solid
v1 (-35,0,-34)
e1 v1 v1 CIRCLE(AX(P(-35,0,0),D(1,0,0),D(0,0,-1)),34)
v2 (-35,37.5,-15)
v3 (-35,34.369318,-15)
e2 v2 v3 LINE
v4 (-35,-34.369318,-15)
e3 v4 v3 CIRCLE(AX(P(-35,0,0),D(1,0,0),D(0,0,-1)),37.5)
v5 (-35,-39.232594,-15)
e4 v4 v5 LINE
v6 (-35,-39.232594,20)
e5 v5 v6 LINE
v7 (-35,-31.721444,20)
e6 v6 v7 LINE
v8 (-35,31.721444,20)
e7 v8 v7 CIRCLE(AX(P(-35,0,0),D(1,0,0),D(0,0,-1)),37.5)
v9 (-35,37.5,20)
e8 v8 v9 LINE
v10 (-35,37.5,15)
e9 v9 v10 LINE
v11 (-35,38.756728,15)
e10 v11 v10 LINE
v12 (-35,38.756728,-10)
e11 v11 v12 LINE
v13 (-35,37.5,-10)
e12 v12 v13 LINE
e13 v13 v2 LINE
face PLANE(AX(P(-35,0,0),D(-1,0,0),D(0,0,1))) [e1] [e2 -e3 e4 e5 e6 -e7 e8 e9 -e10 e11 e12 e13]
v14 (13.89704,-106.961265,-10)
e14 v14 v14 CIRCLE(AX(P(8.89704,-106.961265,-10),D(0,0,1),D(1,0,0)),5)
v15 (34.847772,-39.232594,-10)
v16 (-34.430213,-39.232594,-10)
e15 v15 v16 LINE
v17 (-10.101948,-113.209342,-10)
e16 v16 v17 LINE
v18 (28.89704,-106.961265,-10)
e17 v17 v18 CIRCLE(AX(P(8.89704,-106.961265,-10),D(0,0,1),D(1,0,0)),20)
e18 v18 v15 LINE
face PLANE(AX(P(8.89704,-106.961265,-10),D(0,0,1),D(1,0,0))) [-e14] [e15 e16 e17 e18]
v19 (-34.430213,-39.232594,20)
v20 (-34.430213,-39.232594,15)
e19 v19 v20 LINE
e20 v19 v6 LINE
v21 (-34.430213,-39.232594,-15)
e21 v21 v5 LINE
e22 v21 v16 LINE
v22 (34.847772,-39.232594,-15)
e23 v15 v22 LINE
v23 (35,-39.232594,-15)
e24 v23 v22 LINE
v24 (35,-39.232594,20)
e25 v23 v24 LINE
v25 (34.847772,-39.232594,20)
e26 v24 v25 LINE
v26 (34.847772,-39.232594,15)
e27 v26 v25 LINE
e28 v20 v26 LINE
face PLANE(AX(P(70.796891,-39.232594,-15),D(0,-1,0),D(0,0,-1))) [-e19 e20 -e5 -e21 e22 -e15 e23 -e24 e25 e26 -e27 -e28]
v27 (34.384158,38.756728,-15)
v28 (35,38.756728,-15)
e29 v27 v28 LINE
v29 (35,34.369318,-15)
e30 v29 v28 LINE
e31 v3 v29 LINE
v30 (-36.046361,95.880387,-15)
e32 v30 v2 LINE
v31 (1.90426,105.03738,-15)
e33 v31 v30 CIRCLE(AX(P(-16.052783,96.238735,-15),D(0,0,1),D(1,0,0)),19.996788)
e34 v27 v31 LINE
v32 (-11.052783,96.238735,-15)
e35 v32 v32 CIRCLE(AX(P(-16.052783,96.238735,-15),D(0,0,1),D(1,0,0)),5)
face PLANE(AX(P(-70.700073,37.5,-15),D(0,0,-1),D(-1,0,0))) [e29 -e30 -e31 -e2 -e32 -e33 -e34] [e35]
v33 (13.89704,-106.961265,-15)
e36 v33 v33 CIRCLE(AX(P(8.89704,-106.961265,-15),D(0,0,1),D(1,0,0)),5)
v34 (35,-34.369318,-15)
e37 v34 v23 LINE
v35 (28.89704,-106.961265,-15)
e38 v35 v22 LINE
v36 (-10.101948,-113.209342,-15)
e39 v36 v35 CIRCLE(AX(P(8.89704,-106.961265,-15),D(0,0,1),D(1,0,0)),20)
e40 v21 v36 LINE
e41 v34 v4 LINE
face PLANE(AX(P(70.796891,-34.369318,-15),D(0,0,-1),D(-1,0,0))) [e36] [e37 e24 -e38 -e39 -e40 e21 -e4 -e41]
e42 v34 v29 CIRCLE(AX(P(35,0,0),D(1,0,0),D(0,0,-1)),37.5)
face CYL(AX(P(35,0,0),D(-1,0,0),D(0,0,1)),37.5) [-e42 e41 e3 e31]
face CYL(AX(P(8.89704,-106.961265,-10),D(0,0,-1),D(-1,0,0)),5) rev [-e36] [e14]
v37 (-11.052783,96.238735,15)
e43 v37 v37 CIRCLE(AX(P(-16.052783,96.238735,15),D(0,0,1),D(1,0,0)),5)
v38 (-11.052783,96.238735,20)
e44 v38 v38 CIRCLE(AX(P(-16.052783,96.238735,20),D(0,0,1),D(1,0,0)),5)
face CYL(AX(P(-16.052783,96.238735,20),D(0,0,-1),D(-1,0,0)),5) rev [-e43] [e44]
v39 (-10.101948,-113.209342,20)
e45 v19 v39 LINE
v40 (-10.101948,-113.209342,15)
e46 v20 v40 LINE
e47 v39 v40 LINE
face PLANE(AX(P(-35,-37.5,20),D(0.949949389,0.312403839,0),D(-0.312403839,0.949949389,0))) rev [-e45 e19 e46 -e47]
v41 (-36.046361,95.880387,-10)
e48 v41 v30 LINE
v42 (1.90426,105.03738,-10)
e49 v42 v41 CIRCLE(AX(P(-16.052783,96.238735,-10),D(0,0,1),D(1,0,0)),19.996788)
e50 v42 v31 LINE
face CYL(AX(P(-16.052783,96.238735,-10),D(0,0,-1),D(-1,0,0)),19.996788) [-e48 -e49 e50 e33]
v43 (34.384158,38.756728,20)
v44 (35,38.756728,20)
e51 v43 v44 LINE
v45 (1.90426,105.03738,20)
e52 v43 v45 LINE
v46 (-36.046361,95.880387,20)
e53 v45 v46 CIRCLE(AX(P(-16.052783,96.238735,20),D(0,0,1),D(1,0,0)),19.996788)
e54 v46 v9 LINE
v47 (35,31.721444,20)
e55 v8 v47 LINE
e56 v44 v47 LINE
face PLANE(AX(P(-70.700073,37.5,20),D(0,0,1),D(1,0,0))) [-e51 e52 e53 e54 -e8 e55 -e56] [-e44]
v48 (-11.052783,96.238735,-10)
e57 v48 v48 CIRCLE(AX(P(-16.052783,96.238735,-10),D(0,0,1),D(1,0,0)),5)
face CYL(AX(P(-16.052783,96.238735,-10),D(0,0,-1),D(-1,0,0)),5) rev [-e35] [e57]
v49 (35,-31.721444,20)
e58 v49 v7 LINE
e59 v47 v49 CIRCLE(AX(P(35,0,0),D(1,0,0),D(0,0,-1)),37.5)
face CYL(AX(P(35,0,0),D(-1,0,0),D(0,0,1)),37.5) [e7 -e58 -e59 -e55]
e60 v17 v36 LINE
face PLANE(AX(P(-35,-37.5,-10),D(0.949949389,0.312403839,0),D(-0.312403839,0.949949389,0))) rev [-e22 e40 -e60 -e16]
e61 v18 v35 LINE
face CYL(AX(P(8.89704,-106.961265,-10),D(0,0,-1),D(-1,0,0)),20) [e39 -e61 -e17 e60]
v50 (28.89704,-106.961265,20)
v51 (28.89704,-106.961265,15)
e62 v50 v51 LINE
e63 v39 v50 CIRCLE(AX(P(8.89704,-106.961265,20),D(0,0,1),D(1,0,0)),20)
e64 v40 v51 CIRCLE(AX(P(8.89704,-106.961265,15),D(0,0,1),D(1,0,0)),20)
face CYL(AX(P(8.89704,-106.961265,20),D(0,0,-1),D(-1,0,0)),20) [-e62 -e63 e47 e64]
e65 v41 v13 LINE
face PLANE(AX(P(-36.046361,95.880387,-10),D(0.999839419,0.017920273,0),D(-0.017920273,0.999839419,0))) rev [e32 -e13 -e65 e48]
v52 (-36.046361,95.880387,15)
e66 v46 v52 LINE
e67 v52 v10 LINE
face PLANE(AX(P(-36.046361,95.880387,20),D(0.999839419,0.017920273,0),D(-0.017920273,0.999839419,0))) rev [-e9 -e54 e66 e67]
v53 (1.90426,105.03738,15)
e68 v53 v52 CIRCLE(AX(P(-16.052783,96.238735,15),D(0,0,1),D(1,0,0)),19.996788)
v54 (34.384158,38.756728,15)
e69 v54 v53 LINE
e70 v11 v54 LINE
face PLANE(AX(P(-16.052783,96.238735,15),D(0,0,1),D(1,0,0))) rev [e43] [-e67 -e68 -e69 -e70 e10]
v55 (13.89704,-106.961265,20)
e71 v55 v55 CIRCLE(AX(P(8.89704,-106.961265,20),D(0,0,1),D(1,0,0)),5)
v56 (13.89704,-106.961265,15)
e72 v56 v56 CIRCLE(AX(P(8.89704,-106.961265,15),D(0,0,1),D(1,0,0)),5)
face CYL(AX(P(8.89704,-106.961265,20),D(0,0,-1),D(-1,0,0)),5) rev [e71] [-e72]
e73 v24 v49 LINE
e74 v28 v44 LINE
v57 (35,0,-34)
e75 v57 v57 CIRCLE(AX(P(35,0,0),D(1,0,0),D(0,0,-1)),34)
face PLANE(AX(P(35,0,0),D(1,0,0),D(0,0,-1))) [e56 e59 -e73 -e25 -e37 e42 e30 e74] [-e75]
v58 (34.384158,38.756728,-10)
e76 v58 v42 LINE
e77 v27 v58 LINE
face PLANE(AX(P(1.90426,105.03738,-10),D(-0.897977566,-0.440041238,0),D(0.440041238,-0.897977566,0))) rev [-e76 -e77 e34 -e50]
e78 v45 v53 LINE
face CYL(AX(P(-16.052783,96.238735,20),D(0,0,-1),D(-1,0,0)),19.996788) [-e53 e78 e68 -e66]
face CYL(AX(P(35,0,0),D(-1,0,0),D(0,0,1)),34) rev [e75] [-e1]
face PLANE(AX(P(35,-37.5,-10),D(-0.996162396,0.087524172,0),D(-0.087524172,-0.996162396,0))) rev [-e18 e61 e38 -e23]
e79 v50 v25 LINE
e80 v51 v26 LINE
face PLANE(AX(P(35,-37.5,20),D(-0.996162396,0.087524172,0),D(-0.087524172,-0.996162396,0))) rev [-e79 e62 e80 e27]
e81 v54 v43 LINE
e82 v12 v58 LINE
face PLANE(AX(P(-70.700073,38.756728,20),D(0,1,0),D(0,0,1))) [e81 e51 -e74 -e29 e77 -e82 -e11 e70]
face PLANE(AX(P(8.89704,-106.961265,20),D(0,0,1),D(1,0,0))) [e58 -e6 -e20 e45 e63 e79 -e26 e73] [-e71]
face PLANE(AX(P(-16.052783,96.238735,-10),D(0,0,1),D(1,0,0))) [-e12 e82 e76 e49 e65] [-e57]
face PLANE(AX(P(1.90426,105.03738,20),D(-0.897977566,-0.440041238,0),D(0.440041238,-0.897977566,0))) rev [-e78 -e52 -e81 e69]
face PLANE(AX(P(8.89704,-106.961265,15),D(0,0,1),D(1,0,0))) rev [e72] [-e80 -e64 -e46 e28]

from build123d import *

# Parameters (mm, degrees)
SKETCH1_R             = 37.5
SKETCH1_R_2           = 34
BOSS_EXTRUDE1_DEPTH   = 35
BOSS_EXTRUDE2_START   = 15
SKETCH2_R             = 5
BOSS_EXTRUDE2_DEPTH   = 5
BOSS_EXTRUDE2_2_DEPTH = 5
BOSS_EXTRUDE3_START   = -15
SKETCH2_2_R           = 5
BOSS_EXTRUDE3_DEPTH   = 5
BOSS_EXTRUDE3_2_DEPTH = 5
BOSS_EXTRUDE4_DEPTH   = 70
BOSS_EXTRUDE5_START   = -70
BOSS_EXTRUDE5_DEPTH   = 70


with BuildPart() as part:
    # Sketch1 → Boss-Extrude1 (new, symmetric)
    with BuildSketch(Plane(origin=(0, 0, 0), x_dir=(0, 0, -1), z_dir=(1, 0, 0))):
        Circle(SKETCH1_R)
        Circle(SKETCH1_R_2, mode=Mode.SUBTRACT)
    extrude(amount=BOSS_EXTRUDE1_DEPTH, both=True)



with BuildPart() as body_2:
    # Sketch2 → Boss-Extrude2 (new body)
    with BuildSketch(Plane.XY.offset(BOSS_EXTRUDE2_START)):
        with BuildLine():
            Line((-36.046360502, 95.880386994), (-35, 37.5))
            Line((-35, 37.5), (35, 37.5))
            Line((35, 37.5), (1.90425986, 105.037379634))
            ThreePointArc((1.90425986, 105.037379634), (-20.743145305, 115.677666176), (-36.046360502, 95.880386994))
        make_face()
        with Locations((-16.052783226, 96.238734902)):
            Circle(SKETCH2_R, mode=Mode.SUBTRACT)
    extrude(amount=BOSS_EXTRUDE2_DEPTH)


with BuildPart() as body_3:
    # Sketch2 → Boss-Extrude2 2 (new body)
    with BuildSketch(Plane.XY.offset(BOSS_EXTRUDE2_START)):
        with BuildLine():
            Line((-35, -37.5), (35, -37.5))
            Line((35, -37.5), (28.89703955, -106.961265098))
            ThreePointArc((28.89703955, -106.961265098), (12.060917272, -126.709426475), (-10.101948226, -113.209341881))
            Line((-10.101948226, -113.209341881), (-35, -37.5))
        make_face()
        with Locations((8.89703955, -106.961265098)):
            Circle(SKETCH2_R, mode=Mode.SUBTRACT)
    extrude(amount=BOSS_EXTRUDE2_2_DEPTH)


with BuildPart() as body_4:
    # Sketch2<2> → Boss-Extrude3 (new body)
    with BuildSketch(Plane.XY.offset(BOSS_EXTRUDE3_START)):
        with BuildLine():
            Line((-36.046360502, 95.880386994), (-35, 37.5))
            Line((-35, 37.5), (35, 37.5))
            Line((35, 37.5), (1.90425986, 105.037379634))
            ThreePointArc((1.90425986, 105.037379634), (-20.743145305, 115.677666176), (-36.046360502, 95.880386994))
        make_face()
        with Locations((-16.052783226, 96.238734902)):
            Circle(SKETCH2_2_R, mode=Mode.SUBTRACT)
    extrude(amount=BOSS_EXTRUDE3_DEPTH)


with BuildPart() as body_5:
    # Sketch2<2> → Boss-Extrude3 2 (new body)
    with BuildSketch(Plane.XY.offset(BOSS_EXTRUDE3_START)):
        with BuildLine():
            Line((-35, -37.5), (35, -37.5))
            Line((35, -37.5), (28.89703955, -106.961265098))
            ThreePointArc((28.89703955, -106.961265098), (12.060917272, -126.709426475), (-10.101948226, -113.209341881))
            Line((-10.101948226, -113.209341881), (-35, -37.5))
        make_face()
        with Locations((8.89703955, -106.961265098)):
            Circle(SKETCH2_2_R, mode=Mode.SUBTRACT)
    extrude(amount=BOSS_EXTRUDE3_2_DEPTH)


with BuildPart() as part_1:
    add(part.part)

    add(body_2.part)  # Boss-Extrude4 merges body 2

    add(body_4.part)  # Boss-Extrude4 merges body 4
    # Sketch3 → Boss-Extrude4 (add)
    with BuildSketch(Plane(origin=(35, 0, 0), x_dir=(0, 0, -1), z_dir=(1, 0, 0))):
        with BuildLine():
            Line((-20, 37.5), (-20, 31.721443851))
            ThreePointArc((-20, 31.721443851), (-2.828923646, 37.393143636), (15, 34.369317712))
            Line((15, 34.369317712), (15, 37.5))
            Line((15, 37.5), (15, 38.756727822))
            Line((15, 38.756727822), (-20, 38.756727822))
            Line((-20, 38.756727822), (-20, 37.5))
        make_face()
    extrude(amount=-BOSS_EXTRUDE4_DEPTH)


    add(body_3.part)  # Boss-Extrude5 merges body 3

    add(body_5.part)  # Boss-Extrude5 merges body 5
    # Sketch4 → Boss-Extrude5 (add)
    with BuildSketch(Plane.ZY.offset(35).offset(BOSS_EXTRUDE5_START)):
        with BuildLine():
            Line((-15, -39.232593617), (20, -39.232593617))
            Line((20, -39.232593617), (20, -31.721443851))
            ThreePointArc((20, -31.721443851), (2.828923646, -37.393143636), (-15, -34.369317712))
            Line((-15, -34.369317712), (-15, -39.232593617))
        make_face()
    extrude(amount=BOSS_EXTRUDE5_DEPTH)


solid = part_1.part
